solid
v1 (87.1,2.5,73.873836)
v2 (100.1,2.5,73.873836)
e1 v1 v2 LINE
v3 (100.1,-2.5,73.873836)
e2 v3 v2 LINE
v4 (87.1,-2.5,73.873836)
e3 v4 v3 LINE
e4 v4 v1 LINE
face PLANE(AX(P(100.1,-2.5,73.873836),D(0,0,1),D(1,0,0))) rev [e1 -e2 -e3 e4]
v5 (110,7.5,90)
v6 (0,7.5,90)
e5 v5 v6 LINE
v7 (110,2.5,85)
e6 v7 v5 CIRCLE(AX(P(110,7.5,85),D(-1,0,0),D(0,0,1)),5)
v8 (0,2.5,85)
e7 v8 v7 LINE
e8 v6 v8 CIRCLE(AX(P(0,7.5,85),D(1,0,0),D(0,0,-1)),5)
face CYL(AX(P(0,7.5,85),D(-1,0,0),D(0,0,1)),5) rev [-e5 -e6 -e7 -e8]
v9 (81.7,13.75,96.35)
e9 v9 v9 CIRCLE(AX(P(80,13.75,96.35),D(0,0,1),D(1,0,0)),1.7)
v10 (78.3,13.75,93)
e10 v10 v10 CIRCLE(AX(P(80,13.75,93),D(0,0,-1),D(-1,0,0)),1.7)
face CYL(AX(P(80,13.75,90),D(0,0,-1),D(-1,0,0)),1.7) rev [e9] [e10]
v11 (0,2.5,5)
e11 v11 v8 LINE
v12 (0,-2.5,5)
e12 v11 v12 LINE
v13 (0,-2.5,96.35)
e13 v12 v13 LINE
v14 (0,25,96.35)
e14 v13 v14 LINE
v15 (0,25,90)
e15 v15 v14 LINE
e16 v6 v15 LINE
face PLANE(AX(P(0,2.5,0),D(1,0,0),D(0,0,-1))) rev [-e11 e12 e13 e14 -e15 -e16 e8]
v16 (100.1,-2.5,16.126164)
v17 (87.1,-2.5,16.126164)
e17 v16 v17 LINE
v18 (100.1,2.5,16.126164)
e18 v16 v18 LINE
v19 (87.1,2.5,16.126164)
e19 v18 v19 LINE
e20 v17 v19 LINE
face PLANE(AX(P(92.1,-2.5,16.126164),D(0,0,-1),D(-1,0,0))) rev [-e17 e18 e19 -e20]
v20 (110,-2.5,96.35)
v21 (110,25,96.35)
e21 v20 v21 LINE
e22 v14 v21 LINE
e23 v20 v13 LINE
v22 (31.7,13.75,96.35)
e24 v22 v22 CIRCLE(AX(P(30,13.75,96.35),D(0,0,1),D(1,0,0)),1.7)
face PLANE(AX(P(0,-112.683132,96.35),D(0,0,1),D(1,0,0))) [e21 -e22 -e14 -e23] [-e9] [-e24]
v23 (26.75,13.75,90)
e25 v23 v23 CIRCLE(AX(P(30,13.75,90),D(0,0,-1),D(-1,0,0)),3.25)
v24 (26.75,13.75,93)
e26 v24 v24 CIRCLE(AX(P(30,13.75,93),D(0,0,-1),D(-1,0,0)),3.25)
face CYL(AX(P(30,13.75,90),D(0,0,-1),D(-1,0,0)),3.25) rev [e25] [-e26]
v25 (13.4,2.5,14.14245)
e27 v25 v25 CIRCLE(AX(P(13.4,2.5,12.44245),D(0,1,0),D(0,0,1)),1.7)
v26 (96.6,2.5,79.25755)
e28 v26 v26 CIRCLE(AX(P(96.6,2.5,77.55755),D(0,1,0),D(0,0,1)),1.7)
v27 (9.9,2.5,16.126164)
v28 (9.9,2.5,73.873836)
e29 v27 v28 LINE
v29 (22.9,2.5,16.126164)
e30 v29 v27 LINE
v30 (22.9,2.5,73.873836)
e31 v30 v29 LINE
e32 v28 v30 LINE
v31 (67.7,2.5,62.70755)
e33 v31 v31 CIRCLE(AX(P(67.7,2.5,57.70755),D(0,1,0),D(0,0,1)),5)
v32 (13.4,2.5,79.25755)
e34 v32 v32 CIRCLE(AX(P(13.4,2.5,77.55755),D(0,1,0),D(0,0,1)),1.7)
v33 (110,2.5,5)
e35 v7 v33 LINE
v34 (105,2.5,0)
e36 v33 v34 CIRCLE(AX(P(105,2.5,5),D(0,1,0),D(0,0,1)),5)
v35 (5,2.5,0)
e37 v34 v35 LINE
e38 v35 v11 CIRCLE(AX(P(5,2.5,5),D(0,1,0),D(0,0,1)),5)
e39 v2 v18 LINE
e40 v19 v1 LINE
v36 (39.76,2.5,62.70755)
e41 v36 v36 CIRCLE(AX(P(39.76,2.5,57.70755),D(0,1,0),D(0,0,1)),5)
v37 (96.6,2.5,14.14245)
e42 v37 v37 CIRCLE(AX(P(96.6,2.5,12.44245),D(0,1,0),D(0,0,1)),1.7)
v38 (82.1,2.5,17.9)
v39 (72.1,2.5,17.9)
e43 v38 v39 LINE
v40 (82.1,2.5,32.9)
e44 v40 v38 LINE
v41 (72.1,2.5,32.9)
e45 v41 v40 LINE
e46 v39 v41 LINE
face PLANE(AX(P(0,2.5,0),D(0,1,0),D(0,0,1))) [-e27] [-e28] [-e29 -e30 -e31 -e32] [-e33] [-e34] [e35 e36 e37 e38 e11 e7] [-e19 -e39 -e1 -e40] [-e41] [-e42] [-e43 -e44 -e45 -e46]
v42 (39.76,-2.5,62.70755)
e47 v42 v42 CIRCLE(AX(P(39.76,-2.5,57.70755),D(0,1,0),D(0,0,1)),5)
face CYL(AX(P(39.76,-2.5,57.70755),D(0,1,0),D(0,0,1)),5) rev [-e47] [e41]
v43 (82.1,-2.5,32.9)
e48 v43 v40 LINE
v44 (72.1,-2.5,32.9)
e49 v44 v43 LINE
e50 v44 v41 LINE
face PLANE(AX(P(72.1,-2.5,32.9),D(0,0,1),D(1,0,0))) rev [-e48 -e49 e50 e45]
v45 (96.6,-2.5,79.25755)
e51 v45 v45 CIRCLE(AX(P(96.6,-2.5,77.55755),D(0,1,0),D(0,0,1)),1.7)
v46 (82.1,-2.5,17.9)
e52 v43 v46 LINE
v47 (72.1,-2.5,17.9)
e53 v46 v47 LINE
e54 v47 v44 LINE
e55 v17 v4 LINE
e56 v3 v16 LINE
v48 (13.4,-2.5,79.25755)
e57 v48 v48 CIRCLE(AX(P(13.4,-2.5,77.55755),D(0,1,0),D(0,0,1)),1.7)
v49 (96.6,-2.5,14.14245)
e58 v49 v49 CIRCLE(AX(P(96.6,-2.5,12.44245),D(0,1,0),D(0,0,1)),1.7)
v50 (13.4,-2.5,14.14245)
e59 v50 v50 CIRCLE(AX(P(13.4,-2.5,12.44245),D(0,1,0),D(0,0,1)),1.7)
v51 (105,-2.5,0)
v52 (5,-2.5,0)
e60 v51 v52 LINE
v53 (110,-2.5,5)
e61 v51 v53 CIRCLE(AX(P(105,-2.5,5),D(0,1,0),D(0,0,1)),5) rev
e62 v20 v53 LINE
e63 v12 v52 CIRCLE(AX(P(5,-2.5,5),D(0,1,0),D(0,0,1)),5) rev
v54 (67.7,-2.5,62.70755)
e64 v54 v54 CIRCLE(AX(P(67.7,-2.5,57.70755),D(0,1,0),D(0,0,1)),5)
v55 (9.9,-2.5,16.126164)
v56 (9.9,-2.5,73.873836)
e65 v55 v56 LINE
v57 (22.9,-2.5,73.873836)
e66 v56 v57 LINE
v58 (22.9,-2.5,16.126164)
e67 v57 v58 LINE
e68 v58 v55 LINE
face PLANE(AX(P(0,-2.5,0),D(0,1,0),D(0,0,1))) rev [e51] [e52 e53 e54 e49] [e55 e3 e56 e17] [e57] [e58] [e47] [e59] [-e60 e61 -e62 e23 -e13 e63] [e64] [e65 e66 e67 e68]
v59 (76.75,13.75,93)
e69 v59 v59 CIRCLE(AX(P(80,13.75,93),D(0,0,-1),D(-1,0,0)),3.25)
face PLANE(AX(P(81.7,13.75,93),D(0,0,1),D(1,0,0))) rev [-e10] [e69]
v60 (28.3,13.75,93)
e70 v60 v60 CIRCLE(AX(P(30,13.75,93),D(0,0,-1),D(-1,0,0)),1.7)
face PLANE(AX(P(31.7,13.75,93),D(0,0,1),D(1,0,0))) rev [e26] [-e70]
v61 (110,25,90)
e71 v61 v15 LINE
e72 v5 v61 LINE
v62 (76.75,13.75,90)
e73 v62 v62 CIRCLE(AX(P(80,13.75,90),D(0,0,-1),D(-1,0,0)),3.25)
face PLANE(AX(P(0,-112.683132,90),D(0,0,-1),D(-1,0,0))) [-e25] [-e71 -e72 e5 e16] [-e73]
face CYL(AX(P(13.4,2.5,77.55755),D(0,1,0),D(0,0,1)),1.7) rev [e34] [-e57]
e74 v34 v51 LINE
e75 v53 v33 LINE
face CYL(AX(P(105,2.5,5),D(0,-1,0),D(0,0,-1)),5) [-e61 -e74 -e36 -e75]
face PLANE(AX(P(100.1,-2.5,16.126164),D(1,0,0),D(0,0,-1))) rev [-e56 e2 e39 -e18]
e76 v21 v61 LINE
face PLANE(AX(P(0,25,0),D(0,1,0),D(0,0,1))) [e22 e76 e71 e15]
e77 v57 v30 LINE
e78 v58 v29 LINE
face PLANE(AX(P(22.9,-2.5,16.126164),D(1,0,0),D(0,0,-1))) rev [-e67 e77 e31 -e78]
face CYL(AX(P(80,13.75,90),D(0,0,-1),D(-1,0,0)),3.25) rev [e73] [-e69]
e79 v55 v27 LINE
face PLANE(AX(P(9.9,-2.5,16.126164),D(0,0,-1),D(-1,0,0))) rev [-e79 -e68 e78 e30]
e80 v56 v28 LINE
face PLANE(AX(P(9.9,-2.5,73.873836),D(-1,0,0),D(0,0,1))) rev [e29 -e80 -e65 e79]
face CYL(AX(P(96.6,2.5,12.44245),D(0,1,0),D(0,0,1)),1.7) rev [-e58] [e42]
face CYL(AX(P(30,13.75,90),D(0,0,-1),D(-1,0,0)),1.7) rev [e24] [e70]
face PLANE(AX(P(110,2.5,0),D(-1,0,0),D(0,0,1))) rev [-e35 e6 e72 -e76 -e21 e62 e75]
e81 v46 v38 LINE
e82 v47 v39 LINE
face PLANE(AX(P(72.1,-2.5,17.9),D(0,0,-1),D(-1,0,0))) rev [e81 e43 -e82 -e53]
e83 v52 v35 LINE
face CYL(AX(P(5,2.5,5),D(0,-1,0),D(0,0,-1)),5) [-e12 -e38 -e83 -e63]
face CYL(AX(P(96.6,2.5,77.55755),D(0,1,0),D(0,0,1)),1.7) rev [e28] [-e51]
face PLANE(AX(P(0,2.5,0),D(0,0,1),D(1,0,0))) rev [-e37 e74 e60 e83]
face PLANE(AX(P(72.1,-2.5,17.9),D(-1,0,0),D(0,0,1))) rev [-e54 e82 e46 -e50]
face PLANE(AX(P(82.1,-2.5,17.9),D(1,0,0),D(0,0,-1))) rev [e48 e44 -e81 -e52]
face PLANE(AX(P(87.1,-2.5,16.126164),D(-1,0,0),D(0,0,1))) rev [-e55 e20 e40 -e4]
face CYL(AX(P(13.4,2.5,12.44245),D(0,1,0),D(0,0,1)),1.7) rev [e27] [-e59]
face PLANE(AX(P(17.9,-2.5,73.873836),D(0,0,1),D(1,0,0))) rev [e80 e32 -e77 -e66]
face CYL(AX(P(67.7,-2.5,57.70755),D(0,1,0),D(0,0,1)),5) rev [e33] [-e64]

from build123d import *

# Parameters (mm, degrees)
SKETCH1_W                      = 110
SKETCH1_H                      = 90
BOSS_EXTRUDE1_DEPTH            = 2.5
M3_CLEARANCE_HOLE1_D           = 3.4
M3_CLEARANCE_HOLE1_DEPTH       = 5
SKETCH5_W                      = 110
SKETCH5_H                      = 6.35
BOSS_EXTRUDE2_DEPTH            = 25
BOSS_EXTRUDE2_DEPTH_BACK       = 2.5
CBORE_FOR_M3_SHCS1_D           = 3.4
CBORE_FOR_M3_SHCS1_DEPTH       = 6.35
CBORE_FOR_M3_SHCS1_CBORE_D     = 6.5
CBORE_FOR_M3_SHCS1_CBORE_DEPTH = 3
CUT_EXTRUDE1_DEPTH             = 6
SKETCH10_W                     = 74.2
SKETCH10_H                     = 70.2
SKETCH10_R                     = 5
SKETCH10_W_2                   = 10
SKETCH10_H_2                   = 15
BOSS_EXTRUDE4_DEPTH            = 5
SKETCH11_W                     = 5
SKETCH11_H                     = 57.74767184
CUT_EXTRUDE2_DEPTH             = 6
FILLET1_R                      = 5


with BuildPart() as part:
    # Sketch1 → Boss-Extrude1 (new body, symmetric)
    with BuildSketch(Plane(origin=(0, 0, 0), x_dir=(1, 0, 0), z_dir=(0, 1, 0))):
        with Locations((55, -45)):
            Rectangle(SKETCH1_W, SKETCH1_H)
    extrude(amount=BOSS_EXTRUDE1_DEPTH, both=True)

    # M3 Clearance Hole1
    with Locations(Plane(origin=(0, 2.5, 0), x_dir=(1, 0, 0), z_dir=(0, 1, 0))):
        with Locations((13.4, -77.55755), (96.6, -12.44245), (96.6, -77.55755), (13.4, -12.44245)):
            Hole(M3_CLEARANCE_HOLE1_D / 2, depth=M3_CLEARANCE_HOLE1_DEPTH)

    # Sketch5 → Boss-Extrude2 (add, two sides)
    with BuildSketch(Plane(origin=(0, 0, 0), x_dir=(1, 0, 0), z_dir=(0, 1, 0))) as boss_extrude2_sk:
        with Locations((55, -93.175)):
            Rectangle(SKETCH5_W, SKETCH5_H)
    extrude(amount=BOSS_EXTRUDE2_DEPTH)
    extrude(boss_extrude2_sk.sketch, amount=-BOSS_EXTRUDE2_DEPTH_BACK)

    # CBORE for M3 SHCS1
    with Locations(Plane(origin=(0, 0, 90), x_dir=(-1, 0, 0), z_dir=(0, 0, -1))):
        with Locations((-80, 13.75), (-30, 13.75)):
            CounterBoreHole(CBORE_FOR_M3_SHCS1_D / 2, CBORE_FOR_M3_SHCS1_CBORE_D / 2, CBORE_FOR_M3_SHCS1_CBORE_DEPTH, depth=CBORE_FOR_M3_SHCS1_DEPTH)

    # Sketch8 → Cut-Extrude1 (cut, through all)
    with BuildSketch(Plane(origin=(0, 2.5, 0), x_dir=(1, 0, 0), z_dir=(0, 1, 0))):
        Polygon((17.9, -9.9), (92.1, -9.9), (92.1, -16.12616408), (100.1, -16.12616408), (100.1, -73.87383592), (92.1, -73.87383592), (92.1, -80.1), (17.9, -80.1), (17.9, -73.87383592), (9.9, -73.87383592), (9.9, -16.12616408), (17.9, -16.12616408), align=None)
    extrude(amount=-CUT_EXTRUDE1_DEPTH, mode=Mode.SUBTRACT)

    # Sketch10 → Boss-Extrude4 (add, through all)
    with BuildSketch(Plane(origin=(0, 2.5, 0), x_dir=(1, 0, 0), z_dir=(0, 1, 0))):
        with Locations((55, -45)):
            Rectangle(SKETCH10_W, SKETCH10_H)
        with Locations((39.76, -57.70755)):
            Circle(SKETCH10_R, mode=Mode.SUBTRACT)
        with Locations((67.7, -57.70755)):
            Circle(SKETCH10_R, mode=Mode.SUBTRACT)
        with Locations((77.1, -25.4)):
            Rectangle(SKETCH10_W_2, SKETCH10_H_2, mode=Mode.SUBTRACT)
    extrude(amount=-BOSS_EXTRUDE4_DEPTH)

    # Sketch11 → Cut-Extrude2 (cut, through all)
    with BuildSketch(Plane(origin=(0, 2.5, 0), x_dir=(1, 0, 0), z_dir=(0, 1, 0))):
        with Locations((20.4, -45)):
            Rectangle(SKETCH11_W, SKETCH11_H)
        with Locations((89.6, -45)):
            Rectangle(SKETCH11_W, SKETCH11_H)
    extrude(amount=-CUT_EXTRUDE2_DEPTH, mode=Mode.SUBTRACT)

    # Fillet1
    fillet1_edges = [part.edges().sort_by_distance(p)[0] for p in [
        (0, 0, 0),
        (110, 0, 0),
        (55, 2.5, 90),
    ]]
    fillet(fillet1_edges, radius=FILLET1_R)


solid = part.part
